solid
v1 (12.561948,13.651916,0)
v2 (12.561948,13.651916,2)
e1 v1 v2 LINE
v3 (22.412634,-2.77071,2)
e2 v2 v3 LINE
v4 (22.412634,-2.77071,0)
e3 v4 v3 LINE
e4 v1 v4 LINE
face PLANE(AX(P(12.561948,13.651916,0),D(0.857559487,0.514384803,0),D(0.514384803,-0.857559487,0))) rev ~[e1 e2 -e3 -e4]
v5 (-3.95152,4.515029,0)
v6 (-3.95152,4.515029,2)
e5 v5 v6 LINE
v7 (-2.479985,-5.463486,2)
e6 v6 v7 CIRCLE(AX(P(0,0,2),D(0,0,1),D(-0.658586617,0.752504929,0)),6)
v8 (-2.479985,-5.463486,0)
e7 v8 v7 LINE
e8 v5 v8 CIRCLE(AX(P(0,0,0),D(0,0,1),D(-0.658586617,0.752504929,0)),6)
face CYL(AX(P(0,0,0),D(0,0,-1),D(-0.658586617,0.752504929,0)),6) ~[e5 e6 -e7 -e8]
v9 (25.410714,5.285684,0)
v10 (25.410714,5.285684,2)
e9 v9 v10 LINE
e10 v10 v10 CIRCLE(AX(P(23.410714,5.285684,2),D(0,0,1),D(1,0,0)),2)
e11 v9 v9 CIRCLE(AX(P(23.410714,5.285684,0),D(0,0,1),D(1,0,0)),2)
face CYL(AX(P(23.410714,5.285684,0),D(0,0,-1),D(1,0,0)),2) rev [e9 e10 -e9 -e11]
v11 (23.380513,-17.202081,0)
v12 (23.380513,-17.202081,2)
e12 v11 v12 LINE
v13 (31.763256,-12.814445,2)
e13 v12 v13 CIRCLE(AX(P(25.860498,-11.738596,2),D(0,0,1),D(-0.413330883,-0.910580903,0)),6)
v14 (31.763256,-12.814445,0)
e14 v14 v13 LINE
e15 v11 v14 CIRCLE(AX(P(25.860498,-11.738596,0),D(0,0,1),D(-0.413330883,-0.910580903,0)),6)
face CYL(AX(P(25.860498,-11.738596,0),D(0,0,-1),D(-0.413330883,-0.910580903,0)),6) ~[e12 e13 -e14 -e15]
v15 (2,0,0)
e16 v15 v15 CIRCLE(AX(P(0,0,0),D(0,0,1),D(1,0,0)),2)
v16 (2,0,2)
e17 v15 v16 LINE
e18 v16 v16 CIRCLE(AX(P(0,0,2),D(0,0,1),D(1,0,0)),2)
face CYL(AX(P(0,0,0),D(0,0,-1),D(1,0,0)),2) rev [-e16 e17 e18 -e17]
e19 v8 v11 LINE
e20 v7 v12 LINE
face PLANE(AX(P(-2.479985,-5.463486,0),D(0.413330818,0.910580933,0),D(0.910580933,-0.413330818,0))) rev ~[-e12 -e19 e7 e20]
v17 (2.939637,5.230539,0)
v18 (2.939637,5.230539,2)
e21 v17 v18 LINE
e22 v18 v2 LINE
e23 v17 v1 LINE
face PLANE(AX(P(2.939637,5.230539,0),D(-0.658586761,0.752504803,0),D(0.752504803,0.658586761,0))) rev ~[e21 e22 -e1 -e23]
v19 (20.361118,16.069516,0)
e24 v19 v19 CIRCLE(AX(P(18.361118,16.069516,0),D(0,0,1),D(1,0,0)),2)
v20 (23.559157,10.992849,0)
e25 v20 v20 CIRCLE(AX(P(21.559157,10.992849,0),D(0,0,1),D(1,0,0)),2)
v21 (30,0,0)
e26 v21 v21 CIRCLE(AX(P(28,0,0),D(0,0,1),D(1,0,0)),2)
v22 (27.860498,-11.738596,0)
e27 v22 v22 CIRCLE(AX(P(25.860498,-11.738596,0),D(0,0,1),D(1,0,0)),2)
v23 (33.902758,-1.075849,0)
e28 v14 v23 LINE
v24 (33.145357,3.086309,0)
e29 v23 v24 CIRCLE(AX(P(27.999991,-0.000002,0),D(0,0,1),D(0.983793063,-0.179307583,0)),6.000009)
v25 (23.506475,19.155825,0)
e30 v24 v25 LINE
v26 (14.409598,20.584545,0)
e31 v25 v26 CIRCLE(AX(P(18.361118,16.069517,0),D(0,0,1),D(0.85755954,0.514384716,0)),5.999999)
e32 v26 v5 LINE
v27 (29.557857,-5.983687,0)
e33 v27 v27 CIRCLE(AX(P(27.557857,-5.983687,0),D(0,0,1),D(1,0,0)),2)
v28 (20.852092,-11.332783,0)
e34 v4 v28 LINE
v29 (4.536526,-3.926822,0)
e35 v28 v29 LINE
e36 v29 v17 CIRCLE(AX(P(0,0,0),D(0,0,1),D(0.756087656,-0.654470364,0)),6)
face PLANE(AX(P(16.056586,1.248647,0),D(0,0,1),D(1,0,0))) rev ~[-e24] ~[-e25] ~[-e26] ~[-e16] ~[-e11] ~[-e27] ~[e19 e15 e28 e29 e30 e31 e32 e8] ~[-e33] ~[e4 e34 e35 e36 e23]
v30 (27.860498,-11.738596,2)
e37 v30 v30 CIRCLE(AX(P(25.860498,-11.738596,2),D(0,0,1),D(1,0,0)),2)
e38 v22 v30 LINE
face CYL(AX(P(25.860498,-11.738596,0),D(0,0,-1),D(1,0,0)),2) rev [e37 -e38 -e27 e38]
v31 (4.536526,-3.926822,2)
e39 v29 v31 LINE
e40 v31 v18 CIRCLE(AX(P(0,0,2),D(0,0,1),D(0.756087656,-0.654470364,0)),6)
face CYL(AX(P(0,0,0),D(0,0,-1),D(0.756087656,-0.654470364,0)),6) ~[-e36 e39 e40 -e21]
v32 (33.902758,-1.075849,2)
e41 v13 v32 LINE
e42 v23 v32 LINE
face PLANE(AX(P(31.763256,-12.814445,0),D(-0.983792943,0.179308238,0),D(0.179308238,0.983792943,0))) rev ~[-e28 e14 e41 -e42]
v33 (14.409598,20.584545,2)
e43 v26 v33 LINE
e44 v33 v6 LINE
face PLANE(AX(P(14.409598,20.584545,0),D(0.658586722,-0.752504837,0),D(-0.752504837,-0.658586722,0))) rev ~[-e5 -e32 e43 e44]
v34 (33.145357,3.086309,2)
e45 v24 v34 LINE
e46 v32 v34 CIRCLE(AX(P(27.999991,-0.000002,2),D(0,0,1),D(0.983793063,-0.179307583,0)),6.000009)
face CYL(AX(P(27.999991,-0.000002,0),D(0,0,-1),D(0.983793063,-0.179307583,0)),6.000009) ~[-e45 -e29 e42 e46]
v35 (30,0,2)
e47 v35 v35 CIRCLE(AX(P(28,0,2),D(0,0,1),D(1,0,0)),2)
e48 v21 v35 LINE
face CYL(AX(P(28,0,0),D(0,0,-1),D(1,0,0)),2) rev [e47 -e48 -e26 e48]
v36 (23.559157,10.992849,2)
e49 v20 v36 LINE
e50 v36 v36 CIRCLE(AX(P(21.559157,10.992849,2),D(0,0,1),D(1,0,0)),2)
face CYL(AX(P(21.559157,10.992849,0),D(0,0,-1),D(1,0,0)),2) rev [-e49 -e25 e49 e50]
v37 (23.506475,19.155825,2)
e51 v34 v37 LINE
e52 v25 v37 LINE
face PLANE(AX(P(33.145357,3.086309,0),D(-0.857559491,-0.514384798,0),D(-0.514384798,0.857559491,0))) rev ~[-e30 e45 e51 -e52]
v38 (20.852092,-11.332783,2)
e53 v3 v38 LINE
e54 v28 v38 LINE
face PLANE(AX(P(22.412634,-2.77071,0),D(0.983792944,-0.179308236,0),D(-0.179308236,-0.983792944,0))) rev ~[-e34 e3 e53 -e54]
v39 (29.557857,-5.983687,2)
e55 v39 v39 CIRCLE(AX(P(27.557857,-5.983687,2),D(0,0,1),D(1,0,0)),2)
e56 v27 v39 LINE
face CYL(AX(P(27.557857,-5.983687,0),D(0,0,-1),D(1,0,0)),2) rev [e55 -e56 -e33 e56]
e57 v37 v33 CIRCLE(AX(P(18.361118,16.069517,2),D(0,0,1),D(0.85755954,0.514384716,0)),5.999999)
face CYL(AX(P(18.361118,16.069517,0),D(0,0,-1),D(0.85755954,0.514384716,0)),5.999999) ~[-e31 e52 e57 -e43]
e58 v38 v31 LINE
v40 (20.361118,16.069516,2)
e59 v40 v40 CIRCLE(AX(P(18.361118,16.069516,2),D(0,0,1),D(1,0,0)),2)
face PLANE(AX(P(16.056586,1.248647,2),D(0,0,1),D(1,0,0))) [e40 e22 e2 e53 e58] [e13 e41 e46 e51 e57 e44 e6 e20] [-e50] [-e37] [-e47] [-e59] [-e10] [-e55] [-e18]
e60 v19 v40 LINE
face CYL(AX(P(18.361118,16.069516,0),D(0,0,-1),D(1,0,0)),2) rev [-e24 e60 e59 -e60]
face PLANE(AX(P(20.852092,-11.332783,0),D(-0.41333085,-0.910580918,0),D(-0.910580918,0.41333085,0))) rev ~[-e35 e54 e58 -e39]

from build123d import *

# Parameters (mm, degrees)
F0_R     = 2
F1_DEPTH = 2


with BuildPart() as f1:
    # F0 (on Top) → F1 (new body)
    with BuildSketch(Plane.XY):
        with BuildLine():
            Line((14.409598, 20.584545), (-3.95152, 4.515029))
            ThreePointArc((-3.95152, 4.515029), (-5.935803, -0.875355), (-2.479985, -5.463486))
            Line((-2.479985, -5.463486), (23.380513, -17.202081))
            ThreePointArc((23.380513, -17.202081), (28.642886, -17.054451), (31.763256, -12.814445))
            Line((31.763256, -12.814445), (33.902758, -1.075849))
            ThreePointArc((33.902758, -1.075849), (33.903058, 1.074198), (33.145357, 3.086309))
            Line((33.145357, 3.086309), (23.506475, 19.155825))
            ThreePointArc((23.506475, 19.155825), (19.292043, 21.996858), (14.409598, 20.584545))
        make_face()
        Circle(F0_R, mode=Mode.SUBTRACT)
        with BuildLine():
            ThreePointArc((4.536526, -3.926822), (5.910801, 1.030744), (2.939637, 5.230539))
            Line((2.939637, 5.230539), (12.561948, 13.651916))
            Line((12.561948, 13.651916), (22.412634, -2.77071))
            Line((22.412634, -2.77071), (20.852092, -11.332783))
            Line((20.852092, -11.332783), (4.536526, -3.926822))
        make_face(mode=Mode.SUBTRACT)
        with Locations((25.860498, -11.738596)):
            Circle(F0_R, mode=Mode.SUBTRACT)
        with Locations((27.557857, -5.983687)):
            Circle(F0_R, mode=Mode.SUBTRACT)
        with Locations((28, 0)):
            Circle(F0_R, mode=Mode.SUBTRACT)
        with Locations((23.410714, 5.285684)):
            Circle(F0_R, mode=Mode.SUBTRACT)
        with Locations((21.559157, 10.992849)):
            Circle(F0_R, mode=Mode.SUBTRACT)
        with Locations((18.361118, 16.069516)):
            Circle(F0_R, mode=Mode.SUBTRACT)
    extrude(amount=F1_DEPTH)


solid = f1.part
